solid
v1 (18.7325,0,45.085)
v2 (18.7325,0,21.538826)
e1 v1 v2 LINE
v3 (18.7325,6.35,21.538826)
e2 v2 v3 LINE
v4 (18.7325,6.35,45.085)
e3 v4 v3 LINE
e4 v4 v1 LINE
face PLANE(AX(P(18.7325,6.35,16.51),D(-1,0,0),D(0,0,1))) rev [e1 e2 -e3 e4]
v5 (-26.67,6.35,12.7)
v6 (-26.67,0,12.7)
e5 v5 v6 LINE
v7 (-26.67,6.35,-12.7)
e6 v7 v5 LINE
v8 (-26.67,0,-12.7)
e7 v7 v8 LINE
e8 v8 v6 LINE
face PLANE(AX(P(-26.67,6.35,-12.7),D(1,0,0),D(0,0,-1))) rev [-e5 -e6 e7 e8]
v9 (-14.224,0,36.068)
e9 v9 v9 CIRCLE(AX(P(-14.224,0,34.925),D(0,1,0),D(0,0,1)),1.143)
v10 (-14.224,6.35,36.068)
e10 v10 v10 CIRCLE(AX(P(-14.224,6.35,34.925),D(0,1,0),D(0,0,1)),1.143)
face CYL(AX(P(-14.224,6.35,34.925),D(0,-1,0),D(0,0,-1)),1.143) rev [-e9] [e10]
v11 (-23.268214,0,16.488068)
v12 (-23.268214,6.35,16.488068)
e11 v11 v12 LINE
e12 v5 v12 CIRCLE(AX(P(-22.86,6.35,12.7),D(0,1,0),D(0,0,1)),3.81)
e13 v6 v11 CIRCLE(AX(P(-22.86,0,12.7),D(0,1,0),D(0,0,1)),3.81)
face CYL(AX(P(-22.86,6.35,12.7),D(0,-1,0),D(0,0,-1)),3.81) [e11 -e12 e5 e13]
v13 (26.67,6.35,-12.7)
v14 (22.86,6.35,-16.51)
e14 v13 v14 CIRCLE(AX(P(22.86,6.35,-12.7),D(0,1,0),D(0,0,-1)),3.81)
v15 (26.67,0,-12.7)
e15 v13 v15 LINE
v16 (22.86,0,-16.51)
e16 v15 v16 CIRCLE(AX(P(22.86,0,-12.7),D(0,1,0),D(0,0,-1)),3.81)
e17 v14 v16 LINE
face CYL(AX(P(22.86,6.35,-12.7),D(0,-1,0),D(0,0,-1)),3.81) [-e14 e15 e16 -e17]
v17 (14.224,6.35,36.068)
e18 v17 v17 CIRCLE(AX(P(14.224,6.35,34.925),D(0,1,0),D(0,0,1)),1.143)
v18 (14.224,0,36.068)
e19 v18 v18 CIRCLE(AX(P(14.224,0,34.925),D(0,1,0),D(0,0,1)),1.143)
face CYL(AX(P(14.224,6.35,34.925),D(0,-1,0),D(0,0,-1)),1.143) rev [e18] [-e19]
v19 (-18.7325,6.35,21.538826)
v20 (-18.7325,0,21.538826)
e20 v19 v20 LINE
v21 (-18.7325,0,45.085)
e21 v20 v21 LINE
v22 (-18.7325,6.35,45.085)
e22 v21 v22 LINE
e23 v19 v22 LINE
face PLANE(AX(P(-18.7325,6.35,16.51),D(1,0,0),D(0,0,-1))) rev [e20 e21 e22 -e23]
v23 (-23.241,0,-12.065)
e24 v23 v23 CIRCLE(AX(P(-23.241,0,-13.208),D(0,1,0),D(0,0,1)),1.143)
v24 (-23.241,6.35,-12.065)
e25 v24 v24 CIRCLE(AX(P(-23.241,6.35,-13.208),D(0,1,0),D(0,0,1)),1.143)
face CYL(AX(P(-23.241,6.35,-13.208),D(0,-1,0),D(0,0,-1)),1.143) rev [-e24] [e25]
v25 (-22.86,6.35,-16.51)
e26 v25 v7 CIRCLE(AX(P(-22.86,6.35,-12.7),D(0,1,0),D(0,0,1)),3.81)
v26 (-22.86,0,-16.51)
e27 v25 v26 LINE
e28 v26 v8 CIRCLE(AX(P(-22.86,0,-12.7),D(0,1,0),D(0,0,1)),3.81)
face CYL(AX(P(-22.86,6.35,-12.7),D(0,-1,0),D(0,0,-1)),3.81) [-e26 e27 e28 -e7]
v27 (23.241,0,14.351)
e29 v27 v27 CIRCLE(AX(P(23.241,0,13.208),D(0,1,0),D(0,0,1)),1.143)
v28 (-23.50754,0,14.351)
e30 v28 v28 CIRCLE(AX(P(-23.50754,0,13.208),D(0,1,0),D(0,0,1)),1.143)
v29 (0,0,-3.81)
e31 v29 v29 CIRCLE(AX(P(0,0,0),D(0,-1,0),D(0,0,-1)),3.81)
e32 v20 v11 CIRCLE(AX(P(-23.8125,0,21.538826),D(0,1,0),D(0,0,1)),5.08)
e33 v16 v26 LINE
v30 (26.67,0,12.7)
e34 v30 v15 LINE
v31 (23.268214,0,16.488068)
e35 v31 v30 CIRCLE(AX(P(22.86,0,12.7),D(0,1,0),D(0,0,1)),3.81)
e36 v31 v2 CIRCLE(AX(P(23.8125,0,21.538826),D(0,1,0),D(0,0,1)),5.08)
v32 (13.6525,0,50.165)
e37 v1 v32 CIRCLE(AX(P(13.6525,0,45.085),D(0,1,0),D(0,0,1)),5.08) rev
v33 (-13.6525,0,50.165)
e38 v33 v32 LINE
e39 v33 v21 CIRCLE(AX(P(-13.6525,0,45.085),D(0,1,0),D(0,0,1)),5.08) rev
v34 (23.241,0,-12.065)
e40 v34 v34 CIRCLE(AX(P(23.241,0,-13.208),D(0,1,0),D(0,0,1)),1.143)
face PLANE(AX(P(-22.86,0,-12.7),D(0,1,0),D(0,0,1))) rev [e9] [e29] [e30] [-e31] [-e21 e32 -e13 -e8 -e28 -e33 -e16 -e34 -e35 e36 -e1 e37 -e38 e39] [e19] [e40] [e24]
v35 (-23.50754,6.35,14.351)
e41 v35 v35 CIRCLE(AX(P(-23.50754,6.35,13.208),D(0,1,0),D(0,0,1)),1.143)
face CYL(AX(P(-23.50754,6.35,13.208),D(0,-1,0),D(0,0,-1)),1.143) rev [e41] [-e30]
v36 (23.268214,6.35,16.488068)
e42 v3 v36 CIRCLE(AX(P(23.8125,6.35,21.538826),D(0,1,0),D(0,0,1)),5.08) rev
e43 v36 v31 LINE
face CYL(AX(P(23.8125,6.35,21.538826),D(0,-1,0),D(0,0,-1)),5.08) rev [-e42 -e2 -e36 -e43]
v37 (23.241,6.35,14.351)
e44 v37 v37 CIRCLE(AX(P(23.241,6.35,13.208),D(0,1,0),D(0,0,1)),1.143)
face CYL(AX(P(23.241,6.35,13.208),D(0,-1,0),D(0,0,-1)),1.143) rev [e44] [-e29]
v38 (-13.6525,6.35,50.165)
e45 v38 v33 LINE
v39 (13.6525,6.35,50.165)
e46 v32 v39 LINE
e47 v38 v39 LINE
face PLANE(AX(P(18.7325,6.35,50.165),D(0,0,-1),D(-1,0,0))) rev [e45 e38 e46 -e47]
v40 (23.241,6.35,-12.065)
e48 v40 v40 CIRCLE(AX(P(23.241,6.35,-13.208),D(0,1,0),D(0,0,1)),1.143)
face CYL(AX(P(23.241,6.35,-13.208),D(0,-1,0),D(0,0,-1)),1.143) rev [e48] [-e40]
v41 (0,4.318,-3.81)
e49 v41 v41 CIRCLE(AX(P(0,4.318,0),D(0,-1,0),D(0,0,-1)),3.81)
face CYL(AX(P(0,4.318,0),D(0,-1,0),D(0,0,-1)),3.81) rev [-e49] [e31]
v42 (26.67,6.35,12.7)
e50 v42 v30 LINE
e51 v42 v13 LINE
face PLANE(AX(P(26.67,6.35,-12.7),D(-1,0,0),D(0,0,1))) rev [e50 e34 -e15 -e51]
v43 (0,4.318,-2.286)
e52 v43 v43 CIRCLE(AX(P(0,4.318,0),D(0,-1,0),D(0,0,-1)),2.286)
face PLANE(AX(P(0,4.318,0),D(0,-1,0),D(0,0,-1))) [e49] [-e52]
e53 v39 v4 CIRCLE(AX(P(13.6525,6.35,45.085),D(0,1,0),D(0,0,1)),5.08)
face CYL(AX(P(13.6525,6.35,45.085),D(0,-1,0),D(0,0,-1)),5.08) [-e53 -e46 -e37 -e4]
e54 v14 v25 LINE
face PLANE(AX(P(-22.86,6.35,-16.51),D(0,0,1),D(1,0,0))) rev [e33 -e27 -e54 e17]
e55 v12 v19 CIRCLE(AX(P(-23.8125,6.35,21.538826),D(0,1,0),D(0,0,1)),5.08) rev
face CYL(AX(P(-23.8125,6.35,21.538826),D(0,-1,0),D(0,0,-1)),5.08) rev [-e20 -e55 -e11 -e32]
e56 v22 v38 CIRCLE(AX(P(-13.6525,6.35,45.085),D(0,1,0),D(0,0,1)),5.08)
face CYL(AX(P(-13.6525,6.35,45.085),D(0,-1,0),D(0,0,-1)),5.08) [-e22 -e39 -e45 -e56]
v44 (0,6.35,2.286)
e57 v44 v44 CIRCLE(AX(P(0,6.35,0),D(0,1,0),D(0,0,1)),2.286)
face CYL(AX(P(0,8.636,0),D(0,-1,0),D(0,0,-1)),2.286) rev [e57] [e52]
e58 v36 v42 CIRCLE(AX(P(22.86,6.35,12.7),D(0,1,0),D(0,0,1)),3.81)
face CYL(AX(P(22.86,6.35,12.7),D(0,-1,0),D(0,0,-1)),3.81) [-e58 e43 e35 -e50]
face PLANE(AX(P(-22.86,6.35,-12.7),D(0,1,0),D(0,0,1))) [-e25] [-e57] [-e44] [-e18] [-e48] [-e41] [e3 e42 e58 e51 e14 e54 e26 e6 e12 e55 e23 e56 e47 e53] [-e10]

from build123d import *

# Parameters (mm, degrees)
SKETCH1_R           = 1.143
BOSS_EXTRUDE1_DEPTH = 6.35
SKETCH2_R           = 3.81
CUT_EXTRUDE1_DEPTH  = 4.318
SKETCH3_R           = 2.286
CUT_EXTRUDE2_DEPTH  = 4.318
FILLET1_R           = 5.08


with BuildPart() as part:
    # Sketch1 → Boss-Extrude1 (new body)
    with BuildSketch(Plane(origin=(0, 0, 0), x_dir=(1, 0, 0), z_dir=(0, 1, 0))):
        with BuildLine():
            Line((-22.86, 16.51), (22.86, 16.51))
            ThreePointArc((22.86, 16.51), (25.554076836, 15.394076836), (26.67, 12.7))
            Line((26.67, 12.7), (26.67, -12.7))
            ThreePointArc((26.67, -12.7), (25.554076836, -15.394076836), (22.86, -16.51))
            Line((22.86, -16.51), (18.7325, -16.51))
            Line((18.7325, -16.51), (18.7325, -50.165))
            Line((18.7325, -50.165), (-18.7325, -50.165))
            Line((-18.7325, -50.165), (-18.7325, -16.51))
            Line((-18.7325, -16.51), (-22.86, -16.51))
            ThreePointArc((-22.86, -16.51), (-25.554076836, -15.394076836), (-26.67, -12.7))
            Line((-26.67, -12.7), (-26.67, 12.7))
            ThreePointArc((-26.67, 12.7), (-25.554076836, 15.394076836), (-22.86, 16.51))
        make_face()
        with Locations((-23.241, 13.208)):
            Circle(SKETCH1_R, mode=Mode.SUBTRACT)
        with Locations((23.241, 13.208)):
            Circle(SKETCH1_R, mode=Mode.SUBTRACT)
        with Locations((23.241, -13.208)):
            Circle(SKETCH1_R, mode=Mode.SUBTRACT)
        with Locations((-23.50753981, -13.208)):
            Circle(SKETCH1_R, mode=Mode.SUBTRACT)
        with Locations((14.224, -34.925)):
            Circle(SKETCH1_R, mode=Mode.SUBTRACT)
        with Locations((-14.224, -34.925)):
            Circle(SKETCH1_R, mode=Mode.SUBTRACT)
    extrude(amount=BOSS_EXTRUDE1_DEPTH)

    # Sketch2 → Cut-Extrude1 (cut)
    with BuildSketch(Plane.XZ):
        Circle(SKETCH2_R)
    extrude(amount=-CUT_EXTRUDE1_DEPTH, mode=Mode.SUBTRACT)

    # Sketch3 → Cut-Extrude2 (cut)
    with BuildSketch(Plane(origin=(0, 4.318, 0), x_dir=(-1, 0, 0), z_dir=(0, -1, 0))):
        Circle(SKETCH3_R)
    extrude(amount=-CUT_EXTRUDE2_DEPTH, mode=Mode.SUBTRACT)

    # Fillet1
    fillet1_edges = [part.edges().sort_by_distance(p)[0] for p in [
        (-18.7325, 3.175, 16.51),
        (18.7325, 3.175, 16.51),
        (18.7325, 3.175, 50.165),
        (-18.7325, 3.175, 50.165),
    ]]
    fillet(fillet1_edges, radius=FILLET1_R)


solid = part.part
